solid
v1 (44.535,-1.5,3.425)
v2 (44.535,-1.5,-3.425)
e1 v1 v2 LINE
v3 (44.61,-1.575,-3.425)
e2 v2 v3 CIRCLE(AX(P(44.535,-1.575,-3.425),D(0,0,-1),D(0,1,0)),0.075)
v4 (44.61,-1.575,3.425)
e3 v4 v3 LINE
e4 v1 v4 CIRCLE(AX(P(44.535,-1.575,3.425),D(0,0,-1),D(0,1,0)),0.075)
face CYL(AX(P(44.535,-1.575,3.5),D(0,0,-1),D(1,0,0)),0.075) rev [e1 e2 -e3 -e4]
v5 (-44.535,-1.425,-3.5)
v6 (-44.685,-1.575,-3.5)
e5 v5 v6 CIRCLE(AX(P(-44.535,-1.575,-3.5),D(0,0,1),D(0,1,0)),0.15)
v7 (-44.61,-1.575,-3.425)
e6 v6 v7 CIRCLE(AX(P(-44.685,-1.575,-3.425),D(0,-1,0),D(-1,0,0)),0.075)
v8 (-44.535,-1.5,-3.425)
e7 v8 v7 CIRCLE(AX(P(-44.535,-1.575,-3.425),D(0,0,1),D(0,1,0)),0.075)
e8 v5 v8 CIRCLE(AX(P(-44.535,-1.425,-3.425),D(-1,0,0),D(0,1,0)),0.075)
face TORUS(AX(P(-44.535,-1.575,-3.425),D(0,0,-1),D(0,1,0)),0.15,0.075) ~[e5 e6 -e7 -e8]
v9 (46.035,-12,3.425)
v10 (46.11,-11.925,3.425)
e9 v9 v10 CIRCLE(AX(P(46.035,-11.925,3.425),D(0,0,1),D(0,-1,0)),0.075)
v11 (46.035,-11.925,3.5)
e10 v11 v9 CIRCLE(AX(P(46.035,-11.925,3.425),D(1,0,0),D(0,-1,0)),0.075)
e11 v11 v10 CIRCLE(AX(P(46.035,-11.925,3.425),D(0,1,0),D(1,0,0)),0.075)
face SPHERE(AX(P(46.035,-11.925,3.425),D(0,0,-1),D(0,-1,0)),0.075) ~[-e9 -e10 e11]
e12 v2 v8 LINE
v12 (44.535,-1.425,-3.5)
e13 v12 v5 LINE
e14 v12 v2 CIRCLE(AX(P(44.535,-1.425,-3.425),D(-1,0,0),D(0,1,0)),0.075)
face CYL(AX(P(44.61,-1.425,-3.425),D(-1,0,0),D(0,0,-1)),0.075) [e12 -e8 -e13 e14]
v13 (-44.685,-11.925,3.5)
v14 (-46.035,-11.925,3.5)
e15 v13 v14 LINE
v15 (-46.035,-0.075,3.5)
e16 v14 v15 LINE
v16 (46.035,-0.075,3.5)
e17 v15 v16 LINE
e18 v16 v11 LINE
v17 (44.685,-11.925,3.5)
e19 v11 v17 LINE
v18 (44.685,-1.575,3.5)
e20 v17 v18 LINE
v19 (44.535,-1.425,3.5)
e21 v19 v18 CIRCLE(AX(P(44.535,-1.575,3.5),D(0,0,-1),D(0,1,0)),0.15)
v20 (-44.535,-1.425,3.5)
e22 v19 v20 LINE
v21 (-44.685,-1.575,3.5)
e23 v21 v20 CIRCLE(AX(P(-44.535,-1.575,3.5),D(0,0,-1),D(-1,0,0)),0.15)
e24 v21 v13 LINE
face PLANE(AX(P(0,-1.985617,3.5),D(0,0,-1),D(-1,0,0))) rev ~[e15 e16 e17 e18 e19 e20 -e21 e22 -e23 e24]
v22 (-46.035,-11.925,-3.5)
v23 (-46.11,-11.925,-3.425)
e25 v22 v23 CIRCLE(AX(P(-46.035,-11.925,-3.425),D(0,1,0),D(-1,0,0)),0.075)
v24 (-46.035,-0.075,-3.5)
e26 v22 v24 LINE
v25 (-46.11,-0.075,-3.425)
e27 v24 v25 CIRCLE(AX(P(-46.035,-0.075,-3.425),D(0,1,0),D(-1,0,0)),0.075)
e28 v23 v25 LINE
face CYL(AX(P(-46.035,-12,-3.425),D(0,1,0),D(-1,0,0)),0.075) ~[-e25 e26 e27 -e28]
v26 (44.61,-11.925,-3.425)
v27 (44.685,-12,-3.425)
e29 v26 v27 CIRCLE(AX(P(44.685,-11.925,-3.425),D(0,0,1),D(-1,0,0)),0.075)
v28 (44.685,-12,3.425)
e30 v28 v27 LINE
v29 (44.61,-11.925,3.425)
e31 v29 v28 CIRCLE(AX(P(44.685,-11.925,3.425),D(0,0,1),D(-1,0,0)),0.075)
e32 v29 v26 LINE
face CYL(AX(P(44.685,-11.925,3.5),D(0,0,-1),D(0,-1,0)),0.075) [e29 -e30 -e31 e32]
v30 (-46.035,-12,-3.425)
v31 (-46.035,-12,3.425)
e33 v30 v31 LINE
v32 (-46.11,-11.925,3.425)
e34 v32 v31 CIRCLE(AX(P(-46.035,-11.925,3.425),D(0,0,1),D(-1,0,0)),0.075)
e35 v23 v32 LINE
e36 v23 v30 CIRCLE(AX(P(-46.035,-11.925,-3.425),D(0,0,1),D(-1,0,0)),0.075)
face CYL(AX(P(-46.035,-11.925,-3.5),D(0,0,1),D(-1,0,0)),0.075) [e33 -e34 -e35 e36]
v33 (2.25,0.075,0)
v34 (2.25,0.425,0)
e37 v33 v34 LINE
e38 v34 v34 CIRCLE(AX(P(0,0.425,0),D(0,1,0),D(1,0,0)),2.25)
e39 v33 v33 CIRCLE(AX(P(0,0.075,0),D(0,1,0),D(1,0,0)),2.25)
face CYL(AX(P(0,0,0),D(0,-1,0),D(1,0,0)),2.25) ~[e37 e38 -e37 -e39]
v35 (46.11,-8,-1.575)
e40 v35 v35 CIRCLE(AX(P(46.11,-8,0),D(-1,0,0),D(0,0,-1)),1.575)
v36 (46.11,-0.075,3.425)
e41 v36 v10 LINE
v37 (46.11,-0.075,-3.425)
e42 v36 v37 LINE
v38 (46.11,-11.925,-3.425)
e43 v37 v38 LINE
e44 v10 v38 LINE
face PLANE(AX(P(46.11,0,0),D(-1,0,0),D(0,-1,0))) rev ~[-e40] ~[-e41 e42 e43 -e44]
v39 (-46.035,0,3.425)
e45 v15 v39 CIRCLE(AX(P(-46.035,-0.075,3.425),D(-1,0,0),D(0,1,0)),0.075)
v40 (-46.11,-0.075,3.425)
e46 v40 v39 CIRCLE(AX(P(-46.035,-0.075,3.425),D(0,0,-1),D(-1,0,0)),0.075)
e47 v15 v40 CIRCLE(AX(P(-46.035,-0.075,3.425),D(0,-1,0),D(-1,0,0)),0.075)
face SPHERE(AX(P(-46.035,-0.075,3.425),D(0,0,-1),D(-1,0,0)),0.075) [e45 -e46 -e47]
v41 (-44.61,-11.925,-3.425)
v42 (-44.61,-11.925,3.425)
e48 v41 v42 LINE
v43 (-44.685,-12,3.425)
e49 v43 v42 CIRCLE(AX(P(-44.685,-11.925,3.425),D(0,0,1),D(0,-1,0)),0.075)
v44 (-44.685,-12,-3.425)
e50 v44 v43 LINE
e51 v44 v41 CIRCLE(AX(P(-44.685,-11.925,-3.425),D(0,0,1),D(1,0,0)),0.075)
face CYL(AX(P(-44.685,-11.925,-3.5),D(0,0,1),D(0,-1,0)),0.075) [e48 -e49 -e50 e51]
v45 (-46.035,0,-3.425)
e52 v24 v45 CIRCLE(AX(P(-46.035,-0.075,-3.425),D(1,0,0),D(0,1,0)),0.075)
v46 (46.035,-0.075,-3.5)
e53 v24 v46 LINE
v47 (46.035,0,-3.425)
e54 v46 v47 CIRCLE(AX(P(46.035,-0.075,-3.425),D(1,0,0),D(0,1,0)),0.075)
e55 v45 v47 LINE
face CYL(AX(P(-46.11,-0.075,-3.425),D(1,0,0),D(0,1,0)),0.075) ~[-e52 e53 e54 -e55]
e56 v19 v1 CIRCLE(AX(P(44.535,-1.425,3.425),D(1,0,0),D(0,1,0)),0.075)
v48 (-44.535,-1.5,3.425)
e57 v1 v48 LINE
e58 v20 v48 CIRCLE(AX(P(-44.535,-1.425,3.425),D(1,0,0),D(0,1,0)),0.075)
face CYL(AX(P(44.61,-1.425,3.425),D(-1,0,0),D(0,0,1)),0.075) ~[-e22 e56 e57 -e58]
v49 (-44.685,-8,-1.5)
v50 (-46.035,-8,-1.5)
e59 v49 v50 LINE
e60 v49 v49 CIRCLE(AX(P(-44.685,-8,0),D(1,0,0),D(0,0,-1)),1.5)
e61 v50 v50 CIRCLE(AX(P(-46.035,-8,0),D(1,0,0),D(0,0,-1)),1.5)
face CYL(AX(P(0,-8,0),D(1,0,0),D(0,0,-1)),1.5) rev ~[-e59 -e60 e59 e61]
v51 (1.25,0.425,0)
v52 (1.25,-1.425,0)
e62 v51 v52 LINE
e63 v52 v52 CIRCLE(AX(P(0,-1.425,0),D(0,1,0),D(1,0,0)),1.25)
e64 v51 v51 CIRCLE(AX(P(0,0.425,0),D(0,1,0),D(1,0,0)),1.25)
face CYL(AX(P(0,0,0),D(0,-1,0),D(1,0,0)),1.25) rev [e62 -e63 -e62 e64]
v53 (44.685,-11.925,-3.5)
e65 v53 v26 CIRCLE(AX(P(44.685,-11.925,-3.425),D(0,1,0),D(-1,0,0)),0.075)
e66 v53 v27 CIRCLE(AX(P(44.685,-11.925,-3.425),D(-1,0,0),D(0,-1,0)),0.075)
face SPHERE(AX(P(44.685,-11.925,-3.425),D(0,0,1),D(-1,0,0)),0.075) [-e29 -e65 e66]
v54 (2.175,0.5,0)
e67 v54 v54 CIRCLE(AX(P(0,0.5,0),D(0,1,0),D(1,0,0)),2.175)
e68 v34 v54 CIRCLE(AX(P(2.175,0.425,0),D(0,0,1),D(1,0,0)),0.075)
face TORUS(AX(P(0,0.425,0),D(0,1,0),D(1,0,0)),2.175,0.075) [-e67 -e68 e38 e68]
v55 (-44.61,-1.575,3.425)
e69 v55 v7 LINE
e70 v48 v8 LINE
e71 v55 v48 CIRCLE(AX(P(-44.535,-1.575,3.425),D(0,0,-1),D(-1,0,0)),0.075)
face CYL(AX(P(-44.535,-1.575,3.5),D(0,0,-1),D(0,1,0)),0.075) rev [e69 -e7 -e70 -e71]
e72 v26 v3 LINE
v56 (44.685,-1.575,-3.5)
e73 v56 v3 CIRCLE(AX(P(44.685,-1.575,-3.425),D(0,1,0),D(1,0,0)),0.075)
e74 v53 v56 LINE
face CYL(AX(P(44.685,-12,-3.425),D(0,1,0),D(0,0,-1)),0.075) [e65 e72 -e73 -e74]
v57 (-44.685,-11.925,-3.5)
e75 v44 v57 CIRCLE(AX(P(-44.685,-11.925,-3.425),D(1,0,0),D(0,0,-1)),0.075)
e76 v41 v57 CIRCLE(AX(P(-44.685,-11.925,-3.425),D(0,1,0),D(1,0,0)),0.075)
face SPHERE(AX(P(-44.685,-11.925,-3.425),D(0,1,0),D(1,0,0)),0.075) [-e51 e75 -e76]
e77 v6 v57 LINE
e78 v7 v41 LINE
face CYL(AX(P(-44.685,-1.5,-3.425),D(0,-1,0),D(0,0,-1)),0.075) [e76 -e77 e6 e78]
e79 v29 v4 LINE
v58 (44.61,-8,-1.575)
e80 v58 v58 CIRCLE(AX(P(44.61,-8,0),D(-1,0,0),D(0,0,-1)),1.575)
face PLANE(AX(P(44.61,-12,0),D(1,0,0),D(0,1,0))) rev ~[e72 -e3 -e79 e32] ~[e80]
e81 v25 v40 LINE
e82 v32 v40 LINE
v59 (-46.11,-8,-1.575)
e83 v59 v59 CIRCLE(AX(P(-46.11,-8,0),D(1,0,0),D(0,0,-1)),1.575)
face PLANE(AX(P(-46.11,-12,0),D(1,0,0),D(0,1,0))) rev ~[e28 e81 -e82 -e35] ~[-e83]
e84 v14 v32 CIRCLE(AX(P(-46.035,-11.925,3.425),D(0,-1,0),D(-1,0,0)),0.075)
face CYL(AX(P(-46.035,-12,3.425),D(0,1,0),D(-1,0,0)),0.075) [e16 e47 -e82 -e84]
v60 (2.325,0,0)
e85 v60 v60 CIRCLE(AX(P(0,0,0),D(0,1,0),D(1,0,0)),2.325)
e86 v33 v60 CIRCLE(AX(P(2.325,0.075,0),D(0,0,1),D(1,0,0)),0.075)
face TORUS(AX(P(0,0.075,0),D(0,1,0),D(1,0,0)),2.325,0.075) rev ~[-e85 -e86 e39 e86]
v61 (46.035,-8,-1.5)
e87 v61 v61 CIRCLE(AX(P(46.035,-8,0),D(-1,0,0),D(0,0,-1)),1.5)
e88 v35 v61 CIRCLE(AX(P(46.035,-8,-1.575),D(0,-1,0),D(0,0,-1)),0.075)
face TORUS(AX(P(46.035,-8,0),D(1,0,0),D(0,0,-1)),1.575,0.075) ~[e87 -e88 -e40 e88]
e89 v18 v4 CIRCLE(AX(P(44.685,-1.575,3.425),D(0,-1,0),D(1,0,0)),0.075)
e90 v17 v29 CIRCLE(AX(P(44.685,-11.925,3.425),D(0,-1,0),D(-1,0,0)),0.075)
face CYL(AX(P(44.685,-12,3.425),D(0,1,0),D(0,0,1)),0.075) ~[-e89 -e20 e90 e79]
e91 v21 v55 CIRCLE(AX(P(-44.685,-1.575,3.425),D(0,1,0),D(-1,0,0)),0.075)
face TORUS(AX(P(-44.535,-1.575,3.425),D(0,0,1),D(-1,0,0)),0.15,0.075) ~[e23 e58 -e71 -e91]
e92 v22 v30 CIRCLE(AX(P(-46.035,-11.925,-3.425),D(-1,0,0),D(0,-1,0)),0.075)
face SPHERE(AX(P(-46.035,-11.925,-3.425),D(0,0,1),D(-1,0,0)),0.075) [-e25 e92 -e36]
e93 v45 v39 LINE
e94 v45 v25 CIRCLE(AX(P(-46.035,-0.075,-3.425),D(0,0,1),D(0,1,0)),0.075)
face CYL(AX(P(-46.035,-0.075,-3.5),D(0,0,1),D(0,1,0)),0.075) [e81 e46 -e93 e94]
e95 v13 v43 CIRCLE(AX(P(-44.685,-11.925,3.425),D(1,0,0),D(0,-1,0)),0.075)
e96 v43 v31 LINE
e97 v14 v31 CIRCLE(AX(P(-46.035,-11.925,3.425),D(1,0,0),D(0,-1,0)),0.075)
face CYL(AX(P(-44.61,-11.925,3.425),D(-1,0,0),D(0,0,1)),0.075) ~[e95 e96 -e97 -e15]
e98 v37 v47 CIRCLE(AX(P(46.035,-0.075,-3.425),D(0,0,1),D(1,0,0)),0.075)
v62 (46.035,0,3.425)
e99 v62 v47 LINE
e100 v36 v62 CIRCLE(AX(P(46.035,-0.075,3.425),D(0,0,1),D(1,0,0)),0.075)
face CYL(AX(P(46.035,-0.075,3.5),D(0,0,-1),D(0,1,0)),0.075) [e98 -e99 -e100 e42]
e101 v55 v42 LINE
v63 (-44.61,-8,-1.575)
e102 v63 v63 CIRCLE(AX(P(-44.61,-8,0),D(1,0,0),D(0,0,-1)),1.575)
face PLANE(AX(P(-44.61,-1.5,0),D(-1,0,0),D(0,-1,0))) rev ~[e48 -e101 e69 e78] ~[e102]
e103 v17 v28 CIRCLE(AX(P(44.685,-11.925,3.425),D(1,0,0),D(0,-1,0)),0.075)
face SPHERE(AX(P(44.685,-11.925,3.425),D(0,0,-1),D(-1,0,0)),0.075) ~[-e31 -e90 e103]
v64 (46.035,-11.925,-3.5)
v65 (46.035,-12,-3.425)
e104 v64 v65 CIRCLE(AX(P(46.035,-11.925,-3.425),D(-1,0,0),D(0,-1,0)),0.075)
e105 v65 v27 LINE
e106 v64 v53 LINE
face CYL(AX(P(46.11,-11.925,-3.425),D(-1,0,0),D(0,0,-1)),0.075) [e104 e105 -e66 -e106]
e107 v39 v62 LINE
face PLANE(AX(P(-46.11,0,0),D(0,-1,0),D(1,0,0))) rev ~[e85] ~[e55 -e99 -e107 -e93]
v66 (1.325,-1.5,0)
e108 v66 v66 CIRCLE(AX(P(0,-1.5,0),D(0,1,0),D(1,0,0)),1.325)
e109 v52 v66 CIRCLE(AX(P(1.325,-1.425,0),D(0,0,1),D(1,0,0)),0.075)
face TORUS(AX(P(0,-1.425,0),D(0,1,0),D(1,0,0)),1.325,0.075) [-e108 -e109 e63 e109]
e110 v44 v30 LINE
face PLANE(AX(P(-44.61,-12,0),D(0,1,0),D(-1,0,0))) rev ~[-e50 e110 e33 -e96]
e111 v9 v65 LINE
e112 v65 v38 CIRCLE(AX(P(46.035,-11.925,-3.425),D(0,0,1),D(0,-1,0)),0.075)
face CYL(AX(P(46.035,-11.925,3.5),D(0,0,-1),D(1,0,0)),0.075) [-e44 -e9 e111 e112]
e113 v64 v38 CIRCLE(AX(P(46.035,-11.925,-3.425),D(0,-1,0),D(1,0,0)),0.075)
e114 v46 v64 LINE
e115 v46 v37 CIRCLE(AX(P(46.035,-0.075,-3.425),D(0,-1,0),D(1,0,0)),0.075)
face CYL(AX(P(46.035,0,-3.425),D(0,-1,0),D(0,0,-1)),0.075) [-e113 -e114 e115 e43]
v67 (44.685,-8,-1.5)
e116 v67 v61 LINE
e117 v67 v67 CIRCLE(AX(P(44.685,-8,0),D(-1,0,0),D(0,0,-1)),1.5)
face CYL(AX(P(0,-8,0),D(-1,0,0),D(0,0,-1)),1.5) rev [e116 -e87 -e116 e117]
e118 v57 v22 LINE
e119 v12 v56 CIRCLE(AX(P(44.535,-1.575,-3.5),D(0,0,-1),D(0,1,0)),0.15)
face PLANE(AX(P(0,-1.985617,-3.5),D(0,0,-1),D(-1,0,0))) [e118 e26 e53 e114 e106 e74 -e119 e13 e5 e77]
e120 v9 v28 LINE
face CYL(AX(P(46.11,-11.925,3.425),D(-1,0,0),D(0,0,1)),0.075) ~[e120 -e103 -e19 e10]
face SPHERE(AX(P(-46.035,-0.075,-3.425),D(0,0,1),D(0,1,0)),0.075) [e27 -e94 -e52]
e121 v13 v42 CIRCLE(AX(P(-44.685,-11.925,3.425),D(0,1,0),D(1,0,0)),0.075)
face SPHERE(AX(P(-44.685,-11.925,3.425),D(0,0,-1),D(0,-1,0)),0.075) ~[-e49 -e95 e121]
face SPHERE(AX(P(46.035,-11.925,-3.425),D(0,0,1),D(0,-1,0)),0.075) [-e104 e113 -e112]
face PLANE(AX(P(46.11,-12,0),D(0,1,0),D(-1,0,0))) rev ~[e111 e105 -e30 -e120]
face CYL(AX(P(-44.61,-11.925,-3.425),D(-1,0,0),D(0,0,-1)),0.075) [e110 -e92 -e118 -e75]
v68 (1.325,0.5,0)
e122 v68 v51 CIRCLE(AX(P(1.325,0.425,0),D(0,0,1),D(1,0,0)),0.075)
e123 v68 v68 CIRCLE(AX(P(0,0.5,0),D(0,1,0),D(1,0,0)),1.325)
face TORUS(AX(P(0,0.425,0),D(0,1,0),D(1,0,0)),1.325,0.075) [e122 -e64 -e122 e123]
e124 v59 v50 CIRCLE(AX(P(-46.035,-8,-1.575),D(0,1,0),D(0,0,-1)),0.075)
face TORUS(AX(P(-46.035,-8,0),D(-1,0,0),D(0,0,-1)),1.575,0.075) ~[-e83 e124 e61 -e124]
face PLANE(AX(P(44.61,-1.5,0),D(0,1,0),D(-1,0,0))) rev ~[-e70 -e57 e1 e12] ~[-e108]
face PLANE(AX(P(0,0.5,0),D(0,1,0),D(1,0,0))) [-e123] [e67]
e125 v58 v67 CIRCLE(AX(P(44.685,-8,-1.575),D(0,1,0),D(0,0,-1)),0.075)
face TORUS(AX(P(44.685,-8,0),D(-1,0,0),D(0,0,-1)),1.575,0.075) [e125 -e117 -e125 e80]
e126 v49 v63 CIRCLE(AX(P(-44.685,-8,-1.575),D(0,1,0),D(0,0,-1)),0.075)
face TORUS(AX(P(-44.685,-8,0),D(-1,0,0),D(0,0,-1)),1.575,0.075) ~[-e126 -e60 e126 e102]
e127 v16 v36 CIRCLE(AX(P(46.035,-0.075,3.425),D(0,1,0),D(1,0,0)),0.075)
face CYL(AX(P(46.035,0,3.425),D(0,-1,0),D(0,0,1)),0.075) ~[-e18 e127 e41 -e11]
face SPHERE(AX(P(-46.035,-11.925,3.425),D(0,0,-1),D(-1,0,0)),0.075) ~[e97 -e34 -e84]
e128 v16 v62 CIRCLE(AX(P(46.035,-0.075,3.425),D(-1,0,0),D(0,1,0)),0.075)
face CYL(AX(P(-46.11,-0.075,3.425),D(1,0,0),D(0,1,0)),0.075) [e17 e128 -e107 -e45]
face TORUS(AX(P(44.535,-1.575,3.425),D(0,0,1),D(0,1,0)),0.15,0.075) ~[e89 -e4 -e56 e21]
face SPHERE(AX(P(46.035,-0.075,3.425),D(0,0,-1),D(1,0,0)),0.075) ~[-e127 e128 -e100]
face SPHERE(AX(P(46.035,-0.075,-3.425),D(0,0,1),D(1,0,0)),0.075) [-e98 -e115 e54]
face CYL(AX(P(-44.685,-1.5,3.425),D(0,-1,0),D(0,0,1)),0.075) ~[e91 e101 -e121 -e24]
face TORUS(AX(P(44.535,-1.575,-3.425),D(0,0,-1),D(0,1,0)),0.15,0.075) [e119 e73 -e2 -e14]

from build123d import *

# Parameters (mm, degrees)
BOSS_EXTRUDE1_DEPTH            = 3.5
BOSS_EXTRUDE1_DEPTH_BACK       = 3.5
SKETCH3_R                      = 1.25
CUT_EXTRUDE1_DEPTH             = 1.5
SKETCH9_R                      = 2.25
SKETCH9_R_2                    = 1.25
BOSS_EXTRUDE5_DEPTH            = 0.5
CUT_EXTRUDE2_REACH             = 48.11
SKETCH11_R                     = 1.5
CUT_EXTRUDE2_DIRECTION_2_REACH = 48.11
FILLET1_R                      = 0.075


with BuildPart() as part:
    # Sketch2 → Boss-Extrude1 (new body, two sides)
    with BuildSketch(Plane.XY) as boss_extrude1_sk:
        Polygon((-46.11, 0), (46.11, 0), (46.11, -12), (44.61, -12), (44.61, -1.5), (-44.61, -1.5), (-44.61, -12), (-46.11, -12), align=None)
    extrude(amount=BOSS_EXTRUDE1_DEPTH)
    extrude(boss_extrude1_sk.sketch, amount=-BOSS_EXTRUDE1_DEPTH_BACK)

    # Sketch3 → Cut-Extrude1 (cut)
    with BuildSketch(Plane(origin=(0, 0, 0), x_dir=(1, 0, 0), z_dir=(0, 1, 0))):
        Circle(SKETCH3_R)
    extrude(amount=-CUT_EXTRUDE1_DEPTH, mode=Mode.SUBTRACT)

    # Sketch9 → Boss-Extrude5 (add)
    with BuildSketch(Plane(origin=(0, 0, 0), x_dir=(1, 0, 0), z_dir=(0, 1, 0))):
        Circle(SKETCH9_R)
        Circle(SKETCH9_R_2, mode=Mode.SUBTRACT)
    extrude(amount=BOSS_EXTRUDE5_DEPTH)

    # Cut-Extrude2: up to this face of the body (flat: up to its plane)
    cut_extrude2_end = Plane(part.part.faces().sort_by_distance((46.11, -6, 0))[0])
    # Sketch11 → Cut-Extrude2 (cut, up to the picked face)
    with BuildSketch(Plane(origin=(0, 0, 0), x_dir=(0, 0, -1), z_dir=(1, 0, 0)), mode=Mode.PRIVATE) as cut_extrude2_sk1:
        with Locations((0, -8)):
            Circle(SKETCH11_R)
    cut_extrude2_tool1 = split(extrude(cut_extrude2_sk1.sketch, amount=CUT_EXTRUDE2_REACH, mode=Mode.PRIVATE), bisect_by=cut_extrude2_end, keep=Keep.BOTH, mode=Mode.PRIVATE)
    add(cut_extrude2_tool1.solids().sort_by_distance((0, -8, 0))[0], mode=Mode.SUBTRACT)

    # Cut-Extrude2 direction 2: up to this face of the body (flat: up to its plane)
    cut_extrude2_direction_2_end = Plane(part.part.faces().sort_by_distance((-46.11, -6, 0))[0])
    # Sketch11 → Cut-Extrude2 direction 2 (cut, up to the picked face)
    with BuildSketch(Plane(origin=(0, 0, 0), x_dir=(0, 0, -1), z_dir=(1, 0, 0)), mode=Mode.PRIVATE) as cut_extrude2_direction_2_sk1:
        with Locations((0, -8)):
            Circle(SKETCH11_R)
    cut_extrude2_direction_2_tool1 = split(extrude(cut_extrude2_direction_2_sk1.sketch, amount=-CUT_EXTRUDE2_DIRECTION_2_REACH, mode=Mode.PRIVATE), bisect_by=cut_extrude2_direction_2_end, keep=Keep.BOTH, mode=Mode.PRIVATE)
    add(cut_extrude2_direction_2_tool1.solids().sort_by_distance((0, -8, 0))[0], mode=Mode.SUBTRACT)

    # Fillet1
    fillet1_edges = [part.edges().sort_by_distance(p)[0] for p in [
        (-44.61, -6.75, -3.5),
        (-46.11, 0, 0),
        (46.11, 0, 0),
        (46.11, -12, 0),
        (44.61, -12, 0),
        (44.61, -1.5, 0),
        (-44.61, -1.5, 0),
        (-44.61, -12, 0),
        (-46.11, -12, 0),
        (0, -1.5, -3.5),
        (44.61, -6.75, -3.5),
        (-46.11, -6, 3.5),
        (-45.36, -12, 3.5),
        (-44.61, -6.75, 3.5),
        (0, -1.5, 3.5),
        (44.61, -6.75, 3.5),
        (45.36, -12, -3.5),
        (45.36, -12, 3.5),
        (46.11, -6, 3.5),
        (0, 0, 3.5),
        (46.11, -6, -3.5),
        (0, 0, -3.5),
        (-1.25, -1.5, 0),
        (-2.25, 0.5, 0),
        (-2.25, 0, 0),
        (-1.25, 0.5, 0),
        (-46.11, -6, -3.5),
        (44.61, -8, 1.5),
        (-44.61, -8, 1.5),
        (-46.11, -8, 1.5),
        (46.11, -8, 1.5),
        (-45.36, -12, -3.5),
    ]]
    fillet(fillet1_edges, radius=FILLET1_R)


solid = part.part
